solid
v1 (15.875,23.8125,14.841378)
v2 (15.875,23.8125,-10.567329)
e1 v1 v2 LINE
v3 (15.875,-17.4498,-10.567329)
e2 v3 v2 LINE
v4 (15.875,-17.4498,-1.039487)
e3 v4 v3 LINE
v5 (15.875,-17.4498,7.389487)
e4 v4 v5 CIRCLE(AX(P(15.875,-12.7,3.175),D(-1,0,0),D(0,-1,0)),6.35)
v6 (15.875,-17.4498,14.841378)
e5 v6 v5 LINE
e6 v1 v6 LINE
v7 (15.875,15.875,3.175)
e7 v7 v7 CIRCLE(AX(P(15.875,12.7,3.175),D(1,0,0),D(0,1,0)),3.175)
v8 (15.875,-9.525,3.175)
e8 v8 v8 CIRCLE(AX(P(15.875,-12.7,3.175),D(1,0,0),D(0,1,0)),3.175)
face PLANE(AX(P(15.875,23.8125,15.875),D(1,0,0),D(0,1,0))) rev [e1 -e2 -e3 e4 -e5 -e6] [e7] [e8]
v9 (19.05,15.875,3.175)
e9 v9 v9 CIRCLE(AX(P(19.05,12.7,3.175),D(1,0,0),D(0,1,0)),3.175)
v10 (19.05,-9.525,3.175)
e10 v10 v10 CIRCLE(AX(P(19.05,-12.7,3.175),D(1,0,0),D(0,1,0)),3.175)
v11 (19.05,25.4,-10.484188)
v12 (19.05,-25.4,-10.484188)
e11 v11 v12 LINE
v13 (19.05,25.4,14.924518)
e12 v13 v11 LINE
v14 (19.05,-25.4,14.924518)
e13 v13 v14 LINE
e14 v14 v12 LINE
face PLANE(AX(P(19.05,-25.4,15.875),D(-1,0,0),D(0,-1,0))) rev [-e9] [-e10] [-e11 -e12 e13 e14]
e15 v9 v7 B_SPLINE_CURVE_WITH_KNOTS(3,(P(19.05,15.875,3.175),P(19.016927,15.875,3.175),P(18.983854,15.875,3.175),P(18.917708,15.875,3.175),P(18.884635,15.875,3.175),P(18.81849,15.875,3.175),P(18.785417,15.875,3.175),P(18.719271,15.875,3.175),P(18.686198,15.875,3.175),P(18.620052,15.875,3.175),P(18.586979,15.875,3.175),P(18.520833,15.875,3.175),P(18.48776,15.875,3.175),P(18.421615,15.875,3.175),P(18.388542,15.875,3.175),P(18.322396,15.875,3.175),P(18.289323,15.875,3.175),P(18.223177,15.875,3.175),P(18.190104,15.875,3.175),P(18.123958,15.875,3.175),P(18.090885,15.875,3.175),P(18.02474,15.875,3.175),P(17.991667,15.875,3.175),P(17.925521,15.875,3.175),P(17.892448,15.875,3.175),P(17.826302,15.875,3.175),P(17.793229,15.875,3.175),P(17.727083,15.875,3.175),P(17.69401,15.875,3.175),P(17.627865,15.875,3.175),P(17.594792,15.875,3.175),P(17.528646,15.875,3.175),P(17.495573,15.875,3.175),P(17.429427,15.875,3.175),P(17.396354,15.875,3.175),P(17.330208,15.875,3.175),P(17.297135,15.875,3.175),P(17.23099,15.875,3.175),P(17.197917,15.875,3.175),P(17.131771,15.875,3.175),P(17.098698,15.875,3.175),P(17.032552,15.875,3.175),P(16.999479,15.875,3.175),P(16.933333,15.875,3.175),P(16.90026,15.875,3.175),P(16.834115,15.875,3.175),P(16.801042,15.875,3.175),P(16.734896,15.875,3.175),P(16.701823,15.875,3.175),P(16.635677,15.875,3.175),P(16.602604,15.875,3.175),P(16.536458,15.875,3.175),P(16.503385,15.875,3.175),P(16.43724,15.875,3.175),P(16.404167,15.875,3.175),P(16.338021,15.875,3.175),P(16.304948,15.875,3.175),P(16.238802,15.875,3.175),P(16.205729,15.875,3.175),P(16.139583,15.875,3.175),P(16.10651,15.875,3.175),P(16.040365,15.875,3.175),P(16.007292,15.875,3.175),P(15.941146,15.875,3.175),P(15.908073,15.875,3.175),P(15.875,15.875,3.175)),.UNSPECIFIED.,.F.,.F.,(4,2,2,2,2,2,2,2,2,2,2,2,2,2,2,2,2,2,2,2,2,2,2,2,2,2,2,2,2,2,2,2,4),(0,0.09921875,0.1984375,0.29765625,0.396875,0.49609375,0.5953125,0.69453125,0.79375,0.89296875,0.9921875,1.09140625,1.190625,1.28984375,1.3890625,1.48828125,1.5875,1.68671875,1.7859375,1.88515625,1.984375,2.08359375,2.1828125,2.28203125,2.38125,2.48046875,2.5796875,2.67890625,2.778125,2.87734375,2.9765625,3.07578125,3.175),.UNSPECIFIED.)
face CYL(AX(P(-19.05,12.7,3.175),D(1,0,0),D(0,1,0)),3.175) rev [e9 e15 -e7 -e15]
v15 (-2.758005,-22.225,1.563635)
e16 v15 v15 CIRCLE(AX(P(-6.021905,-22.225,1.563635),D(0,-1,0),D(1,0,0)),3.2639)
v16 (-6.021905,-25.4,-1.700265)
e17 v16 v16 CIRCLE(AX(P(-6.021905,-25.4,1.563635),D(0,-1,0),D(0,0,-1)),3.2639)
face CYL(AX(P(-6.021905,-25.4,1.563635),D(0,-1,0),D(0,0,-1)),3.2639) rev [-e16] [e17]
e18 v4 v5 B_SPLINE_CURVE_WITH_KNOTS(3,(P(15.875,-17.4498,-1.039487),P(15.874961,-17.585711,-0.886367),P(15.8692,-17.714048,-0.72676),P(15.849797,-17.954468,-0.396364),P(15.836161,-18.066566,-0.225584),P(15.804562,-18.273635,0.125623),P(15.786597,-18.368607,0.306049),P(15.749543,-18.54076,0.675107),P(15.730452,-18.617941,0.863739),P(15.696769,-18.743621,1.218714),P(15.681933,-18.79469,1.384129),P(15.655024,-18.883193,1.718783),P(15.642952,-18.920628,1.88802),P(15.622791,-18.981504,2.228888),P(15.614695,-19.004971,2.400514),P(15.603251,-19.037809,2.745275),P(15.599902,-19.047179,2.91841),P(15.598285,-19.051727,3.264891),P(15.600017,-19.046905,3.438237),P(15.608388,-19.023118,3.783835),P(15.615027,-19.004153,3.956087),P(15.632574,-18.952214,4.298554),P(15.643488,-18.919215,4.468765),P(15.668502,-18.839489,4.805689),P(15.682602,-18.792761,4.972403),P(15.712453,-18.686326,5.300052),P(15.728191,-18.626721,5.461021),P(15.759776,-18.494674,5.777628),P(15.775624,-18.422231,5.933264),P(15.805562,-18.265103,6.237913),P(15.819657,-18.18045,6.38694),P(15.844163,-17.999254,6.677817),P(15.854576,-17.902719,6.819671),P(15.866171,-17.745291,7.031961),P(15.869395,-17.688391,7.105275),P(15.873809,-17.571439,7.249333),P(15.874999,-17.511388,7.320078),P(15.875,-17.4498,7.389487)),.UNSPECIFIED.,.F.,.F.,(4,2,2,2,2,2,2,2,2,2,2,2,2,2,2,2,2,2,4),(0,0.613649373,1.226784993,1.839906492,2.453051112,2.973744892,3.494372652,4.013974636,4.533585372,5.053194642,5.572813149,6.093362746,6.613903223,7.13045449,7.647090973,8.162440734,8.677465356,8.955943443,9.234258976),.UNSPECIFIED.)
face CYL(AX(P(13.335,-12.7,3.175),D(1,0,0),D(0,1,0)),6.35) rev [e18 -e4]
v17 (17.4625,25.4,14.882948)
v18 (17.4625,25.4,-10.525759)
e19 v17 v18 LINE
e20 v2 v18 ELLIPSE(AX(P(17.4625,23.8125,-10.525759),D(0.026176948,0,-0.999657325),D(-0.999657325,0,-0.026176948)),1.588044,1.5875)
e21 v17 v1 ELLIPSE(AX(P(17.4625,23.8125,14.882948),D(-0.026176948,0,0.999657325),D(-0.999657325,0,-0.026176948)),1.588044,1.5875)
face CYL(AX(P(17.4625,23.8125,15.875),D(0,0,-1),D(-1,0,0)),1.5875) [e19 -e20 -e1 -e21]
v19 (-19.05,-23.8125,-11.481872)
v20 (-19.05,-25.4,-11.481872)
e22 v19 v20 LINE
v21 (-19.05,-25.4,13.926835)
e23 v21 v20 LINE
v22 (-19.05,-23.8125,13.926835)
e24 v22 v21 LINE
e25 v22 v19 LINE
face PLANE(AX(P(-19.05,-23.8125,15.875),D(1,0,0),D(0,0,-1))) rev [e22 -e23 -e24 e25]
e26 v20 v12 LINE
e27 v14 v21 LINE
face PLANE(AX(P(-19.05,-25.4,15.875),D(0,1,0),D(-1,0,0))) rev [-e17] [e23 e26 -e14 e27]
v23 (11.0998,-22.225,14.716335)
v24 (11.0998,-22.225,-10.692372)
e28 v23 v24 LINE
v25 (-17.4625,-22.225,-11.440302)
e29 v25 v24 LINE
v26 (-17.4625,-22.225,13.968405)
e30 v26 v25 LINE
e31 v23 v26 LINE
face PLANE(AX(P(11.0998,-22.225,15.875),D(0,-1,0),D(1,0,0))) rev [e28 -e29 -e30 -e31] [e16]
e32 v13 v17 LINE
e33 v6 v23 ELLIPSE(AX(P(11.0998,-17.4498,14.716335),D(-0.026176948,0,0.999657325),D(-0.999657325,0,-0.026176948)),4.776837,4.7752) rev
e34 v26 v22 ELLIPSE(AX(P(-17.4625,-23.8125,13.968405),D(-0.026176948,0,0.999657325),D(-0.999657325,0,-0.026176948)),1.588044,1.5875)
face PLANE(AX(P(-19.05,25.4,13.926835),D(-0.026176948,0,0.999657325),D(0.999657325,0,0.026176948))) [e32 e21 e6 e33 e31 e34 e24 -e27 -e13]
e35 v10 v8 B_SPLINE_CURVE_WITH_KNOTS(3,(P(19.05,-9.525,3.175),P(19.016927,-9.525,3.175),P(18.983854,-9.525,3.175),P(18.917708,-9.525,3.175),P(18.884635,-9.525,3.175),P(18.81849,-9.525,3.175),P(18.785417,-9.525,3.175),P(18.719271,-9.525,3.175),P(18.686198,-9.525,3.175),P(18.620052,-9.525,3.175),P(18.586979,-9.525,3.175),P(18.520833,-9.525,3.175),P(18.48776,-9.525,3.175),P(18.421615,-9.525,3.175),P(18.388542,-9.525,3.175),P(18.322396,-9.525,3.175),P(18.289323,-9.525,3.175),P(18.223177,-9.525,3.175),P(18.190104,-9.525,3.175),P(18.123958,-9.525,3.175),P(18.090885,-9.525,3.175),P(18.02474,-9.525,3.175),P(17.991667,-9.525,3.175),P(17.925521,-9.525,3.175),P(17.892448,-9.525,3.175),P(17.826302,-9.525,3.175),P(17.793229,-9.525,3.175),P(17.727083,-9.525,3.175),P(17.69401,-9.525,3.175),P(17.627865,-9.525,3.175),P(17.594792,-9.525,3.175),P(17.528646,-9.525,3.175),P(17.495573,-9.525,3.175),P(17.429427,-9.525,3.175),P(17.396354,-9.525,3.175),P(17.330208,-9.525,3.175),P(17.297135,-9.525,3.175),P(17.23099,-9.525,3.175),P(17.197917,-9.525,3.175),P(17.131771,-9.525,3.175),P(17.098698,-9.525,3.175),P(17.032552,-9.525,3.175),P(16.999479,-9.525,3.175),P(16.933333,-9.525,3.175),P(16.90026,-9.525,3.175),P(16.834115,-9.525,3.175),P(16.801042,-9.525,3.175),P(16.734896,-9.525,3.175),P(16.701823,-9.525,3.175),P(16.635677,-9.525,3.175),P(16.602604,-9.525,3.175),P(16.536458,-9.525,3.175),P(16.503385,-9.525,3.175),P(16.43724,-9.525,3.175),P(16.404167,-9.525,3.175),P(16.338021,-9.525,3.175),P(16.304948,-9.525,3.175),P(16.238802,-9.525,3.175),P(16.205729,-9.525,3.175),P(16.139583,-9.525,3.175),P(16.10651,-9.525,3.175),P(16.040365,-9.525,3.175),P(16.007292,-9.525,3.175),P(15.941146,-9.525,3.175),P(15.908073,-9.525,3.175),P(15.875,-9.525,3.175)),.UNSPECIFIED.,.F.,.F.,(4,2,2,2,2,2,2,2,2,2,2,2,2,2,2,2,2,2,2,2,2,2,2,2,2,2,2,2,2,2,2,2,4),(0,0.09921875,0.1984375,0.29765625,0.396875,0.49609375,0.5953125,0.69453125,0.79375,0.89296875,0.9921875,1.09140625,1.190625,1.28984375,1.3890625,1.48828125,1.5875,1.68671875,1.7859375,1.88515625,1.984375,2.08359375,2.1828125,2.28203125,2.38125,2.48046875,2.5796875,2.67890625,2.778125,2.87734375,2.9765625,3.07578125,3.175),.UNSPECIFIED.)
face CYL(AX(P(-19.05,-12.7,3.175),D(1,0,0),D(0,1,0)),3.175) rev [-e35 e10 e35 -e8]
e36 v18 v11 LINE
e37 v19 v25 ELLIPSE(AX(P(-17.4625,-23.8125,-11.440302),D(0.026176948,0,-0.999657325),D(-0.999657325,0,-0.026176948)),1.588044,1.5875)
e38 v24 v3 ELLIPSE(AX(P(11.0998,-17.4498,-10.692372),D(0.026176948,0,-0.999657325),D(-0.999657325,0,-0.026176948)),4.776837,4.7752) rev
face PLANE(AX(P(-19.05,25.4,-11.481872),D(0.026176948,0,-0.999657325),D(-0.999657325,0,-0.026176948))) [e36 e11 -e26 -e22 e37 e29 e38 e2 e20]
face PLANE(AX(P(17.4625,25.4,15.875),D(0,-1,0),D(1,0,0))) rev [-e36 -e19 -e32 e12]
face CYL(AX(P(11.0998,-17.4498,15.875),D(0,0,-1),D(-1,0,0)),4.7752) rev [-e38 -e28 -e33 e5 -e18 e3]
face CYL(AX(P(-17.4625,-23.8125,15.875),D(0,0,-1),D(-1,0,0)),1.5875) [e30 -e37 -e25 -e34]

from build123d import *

# Parameters (mm, degrees)
BOSS_EXTRUDE1_DEPTH     = 15.875
SKETCH4_R               = 3.175
CUT_EXTRUDE1_DEPTH      = 49.464271634
SKETCH3_OUTSIDE_W       = 54.3
SKETCH3_OUTSIDE_H       = 47.95
CUT_EXTRUDE2_DEPTH      = 57.529267862
F_1_4_CLEARANCE_HOLE1_D = 6.5278
SKETCH9_R               = 6.35
CUT_EXTRUDE3_DEPTH      = 2.54


with BuildPart() as part:
    # Sketch2 → Boss-Extrude1 (new, symmetric)
    with BuildSketch(Plane.XY):
        with BuildLine():
            Line((-19.05, -25.4), (19.05, -25.4))
            Line((19.05, -25.4), (19.05, 25.4))
            Line((19.05, 25.4), (17.4625, 25.4))
            ThreePointArc((17.4625, 25.4), (16.339967985, 24.935032015), (15.875, 23.8125))
            Line((15.875, 23.8125), (15.875, -17.4498))
            ThreePointArc((15.875, -17.4498), (14.476376302, -20.826376302), (11.0998, -22.225))
            Line((11.0998, -22.225), (-17.4625, -22.225))
            ThreePointArc((-17.4625, -22.225), (-18.585032015, -22.689967985), (-19.05, -23.8125))
            Line((-19.05, -23.8125), (-19.05, -25.4))
        make_face()
    extrude(amount=BOSS_EXTRUDE1_DEPTH, both=True)

    # Sketch4 → Cut-Extrude1 (cut, through all)
    with BuildSketch(Plane(origin=(19.05, 0, 0), x_dir=(0, 0, -1), z_dir=(1, 0, 0))):
        with Locations(Location((-3.175, 12.7, 0), (0, 0, 90))):
            Circle(SKETCH4_R)
        with Locations(Location((-3.175, -12.7, 0), (0, 0, 90))):
            Circle(SKETCH4_R)
    extrude(amount=-CUT_EXTRUDE1_DEPTH, mode=Mode.SUBTRACT)

    # Sketch3 outside → Cut-Extrude2 (cut, through all)
    with BuildSketch(Plane.XZ.offset(25.4)):
        Rectangle(SKETCH3_OUTSIDE_W, SKETCH3_OUTSIDE_H)
        Polygon((-19.05, 13.926834826), (-19.05, -11.481872103), (19.05, -10.484188491), (19.05, 14.924518438), align=None, mode=Mode.SUBTRACT)
    extrude(amount=-CUT_EXTRUDE2_DEPTH, mode=Mode.SUBTRACT)

    # 1/4 Clearance Hole1 (through all)
    with Locations(Plane(origin=(0, -25.4, 0), x_dir=(-1, 0, 0), z_dir=(0, -1, 0))):
        with Locations((6.021904729, -1.56363455)):
            Hole(F_1_4_CLEARANCE_HOLE1_D / 2)

    # Sketch9 → Cut-Extrude3 (cut)
    with BuildSketch(Plane.ZY.offset(-15.875)):
        with Locations((3.175, -12.7)):
            Circle(SKETCH9_R)
    extrude(amount=CUT_EXTRUDE3_DEPTH, mode=Mode.SUBTRACT)


solid = part.part
